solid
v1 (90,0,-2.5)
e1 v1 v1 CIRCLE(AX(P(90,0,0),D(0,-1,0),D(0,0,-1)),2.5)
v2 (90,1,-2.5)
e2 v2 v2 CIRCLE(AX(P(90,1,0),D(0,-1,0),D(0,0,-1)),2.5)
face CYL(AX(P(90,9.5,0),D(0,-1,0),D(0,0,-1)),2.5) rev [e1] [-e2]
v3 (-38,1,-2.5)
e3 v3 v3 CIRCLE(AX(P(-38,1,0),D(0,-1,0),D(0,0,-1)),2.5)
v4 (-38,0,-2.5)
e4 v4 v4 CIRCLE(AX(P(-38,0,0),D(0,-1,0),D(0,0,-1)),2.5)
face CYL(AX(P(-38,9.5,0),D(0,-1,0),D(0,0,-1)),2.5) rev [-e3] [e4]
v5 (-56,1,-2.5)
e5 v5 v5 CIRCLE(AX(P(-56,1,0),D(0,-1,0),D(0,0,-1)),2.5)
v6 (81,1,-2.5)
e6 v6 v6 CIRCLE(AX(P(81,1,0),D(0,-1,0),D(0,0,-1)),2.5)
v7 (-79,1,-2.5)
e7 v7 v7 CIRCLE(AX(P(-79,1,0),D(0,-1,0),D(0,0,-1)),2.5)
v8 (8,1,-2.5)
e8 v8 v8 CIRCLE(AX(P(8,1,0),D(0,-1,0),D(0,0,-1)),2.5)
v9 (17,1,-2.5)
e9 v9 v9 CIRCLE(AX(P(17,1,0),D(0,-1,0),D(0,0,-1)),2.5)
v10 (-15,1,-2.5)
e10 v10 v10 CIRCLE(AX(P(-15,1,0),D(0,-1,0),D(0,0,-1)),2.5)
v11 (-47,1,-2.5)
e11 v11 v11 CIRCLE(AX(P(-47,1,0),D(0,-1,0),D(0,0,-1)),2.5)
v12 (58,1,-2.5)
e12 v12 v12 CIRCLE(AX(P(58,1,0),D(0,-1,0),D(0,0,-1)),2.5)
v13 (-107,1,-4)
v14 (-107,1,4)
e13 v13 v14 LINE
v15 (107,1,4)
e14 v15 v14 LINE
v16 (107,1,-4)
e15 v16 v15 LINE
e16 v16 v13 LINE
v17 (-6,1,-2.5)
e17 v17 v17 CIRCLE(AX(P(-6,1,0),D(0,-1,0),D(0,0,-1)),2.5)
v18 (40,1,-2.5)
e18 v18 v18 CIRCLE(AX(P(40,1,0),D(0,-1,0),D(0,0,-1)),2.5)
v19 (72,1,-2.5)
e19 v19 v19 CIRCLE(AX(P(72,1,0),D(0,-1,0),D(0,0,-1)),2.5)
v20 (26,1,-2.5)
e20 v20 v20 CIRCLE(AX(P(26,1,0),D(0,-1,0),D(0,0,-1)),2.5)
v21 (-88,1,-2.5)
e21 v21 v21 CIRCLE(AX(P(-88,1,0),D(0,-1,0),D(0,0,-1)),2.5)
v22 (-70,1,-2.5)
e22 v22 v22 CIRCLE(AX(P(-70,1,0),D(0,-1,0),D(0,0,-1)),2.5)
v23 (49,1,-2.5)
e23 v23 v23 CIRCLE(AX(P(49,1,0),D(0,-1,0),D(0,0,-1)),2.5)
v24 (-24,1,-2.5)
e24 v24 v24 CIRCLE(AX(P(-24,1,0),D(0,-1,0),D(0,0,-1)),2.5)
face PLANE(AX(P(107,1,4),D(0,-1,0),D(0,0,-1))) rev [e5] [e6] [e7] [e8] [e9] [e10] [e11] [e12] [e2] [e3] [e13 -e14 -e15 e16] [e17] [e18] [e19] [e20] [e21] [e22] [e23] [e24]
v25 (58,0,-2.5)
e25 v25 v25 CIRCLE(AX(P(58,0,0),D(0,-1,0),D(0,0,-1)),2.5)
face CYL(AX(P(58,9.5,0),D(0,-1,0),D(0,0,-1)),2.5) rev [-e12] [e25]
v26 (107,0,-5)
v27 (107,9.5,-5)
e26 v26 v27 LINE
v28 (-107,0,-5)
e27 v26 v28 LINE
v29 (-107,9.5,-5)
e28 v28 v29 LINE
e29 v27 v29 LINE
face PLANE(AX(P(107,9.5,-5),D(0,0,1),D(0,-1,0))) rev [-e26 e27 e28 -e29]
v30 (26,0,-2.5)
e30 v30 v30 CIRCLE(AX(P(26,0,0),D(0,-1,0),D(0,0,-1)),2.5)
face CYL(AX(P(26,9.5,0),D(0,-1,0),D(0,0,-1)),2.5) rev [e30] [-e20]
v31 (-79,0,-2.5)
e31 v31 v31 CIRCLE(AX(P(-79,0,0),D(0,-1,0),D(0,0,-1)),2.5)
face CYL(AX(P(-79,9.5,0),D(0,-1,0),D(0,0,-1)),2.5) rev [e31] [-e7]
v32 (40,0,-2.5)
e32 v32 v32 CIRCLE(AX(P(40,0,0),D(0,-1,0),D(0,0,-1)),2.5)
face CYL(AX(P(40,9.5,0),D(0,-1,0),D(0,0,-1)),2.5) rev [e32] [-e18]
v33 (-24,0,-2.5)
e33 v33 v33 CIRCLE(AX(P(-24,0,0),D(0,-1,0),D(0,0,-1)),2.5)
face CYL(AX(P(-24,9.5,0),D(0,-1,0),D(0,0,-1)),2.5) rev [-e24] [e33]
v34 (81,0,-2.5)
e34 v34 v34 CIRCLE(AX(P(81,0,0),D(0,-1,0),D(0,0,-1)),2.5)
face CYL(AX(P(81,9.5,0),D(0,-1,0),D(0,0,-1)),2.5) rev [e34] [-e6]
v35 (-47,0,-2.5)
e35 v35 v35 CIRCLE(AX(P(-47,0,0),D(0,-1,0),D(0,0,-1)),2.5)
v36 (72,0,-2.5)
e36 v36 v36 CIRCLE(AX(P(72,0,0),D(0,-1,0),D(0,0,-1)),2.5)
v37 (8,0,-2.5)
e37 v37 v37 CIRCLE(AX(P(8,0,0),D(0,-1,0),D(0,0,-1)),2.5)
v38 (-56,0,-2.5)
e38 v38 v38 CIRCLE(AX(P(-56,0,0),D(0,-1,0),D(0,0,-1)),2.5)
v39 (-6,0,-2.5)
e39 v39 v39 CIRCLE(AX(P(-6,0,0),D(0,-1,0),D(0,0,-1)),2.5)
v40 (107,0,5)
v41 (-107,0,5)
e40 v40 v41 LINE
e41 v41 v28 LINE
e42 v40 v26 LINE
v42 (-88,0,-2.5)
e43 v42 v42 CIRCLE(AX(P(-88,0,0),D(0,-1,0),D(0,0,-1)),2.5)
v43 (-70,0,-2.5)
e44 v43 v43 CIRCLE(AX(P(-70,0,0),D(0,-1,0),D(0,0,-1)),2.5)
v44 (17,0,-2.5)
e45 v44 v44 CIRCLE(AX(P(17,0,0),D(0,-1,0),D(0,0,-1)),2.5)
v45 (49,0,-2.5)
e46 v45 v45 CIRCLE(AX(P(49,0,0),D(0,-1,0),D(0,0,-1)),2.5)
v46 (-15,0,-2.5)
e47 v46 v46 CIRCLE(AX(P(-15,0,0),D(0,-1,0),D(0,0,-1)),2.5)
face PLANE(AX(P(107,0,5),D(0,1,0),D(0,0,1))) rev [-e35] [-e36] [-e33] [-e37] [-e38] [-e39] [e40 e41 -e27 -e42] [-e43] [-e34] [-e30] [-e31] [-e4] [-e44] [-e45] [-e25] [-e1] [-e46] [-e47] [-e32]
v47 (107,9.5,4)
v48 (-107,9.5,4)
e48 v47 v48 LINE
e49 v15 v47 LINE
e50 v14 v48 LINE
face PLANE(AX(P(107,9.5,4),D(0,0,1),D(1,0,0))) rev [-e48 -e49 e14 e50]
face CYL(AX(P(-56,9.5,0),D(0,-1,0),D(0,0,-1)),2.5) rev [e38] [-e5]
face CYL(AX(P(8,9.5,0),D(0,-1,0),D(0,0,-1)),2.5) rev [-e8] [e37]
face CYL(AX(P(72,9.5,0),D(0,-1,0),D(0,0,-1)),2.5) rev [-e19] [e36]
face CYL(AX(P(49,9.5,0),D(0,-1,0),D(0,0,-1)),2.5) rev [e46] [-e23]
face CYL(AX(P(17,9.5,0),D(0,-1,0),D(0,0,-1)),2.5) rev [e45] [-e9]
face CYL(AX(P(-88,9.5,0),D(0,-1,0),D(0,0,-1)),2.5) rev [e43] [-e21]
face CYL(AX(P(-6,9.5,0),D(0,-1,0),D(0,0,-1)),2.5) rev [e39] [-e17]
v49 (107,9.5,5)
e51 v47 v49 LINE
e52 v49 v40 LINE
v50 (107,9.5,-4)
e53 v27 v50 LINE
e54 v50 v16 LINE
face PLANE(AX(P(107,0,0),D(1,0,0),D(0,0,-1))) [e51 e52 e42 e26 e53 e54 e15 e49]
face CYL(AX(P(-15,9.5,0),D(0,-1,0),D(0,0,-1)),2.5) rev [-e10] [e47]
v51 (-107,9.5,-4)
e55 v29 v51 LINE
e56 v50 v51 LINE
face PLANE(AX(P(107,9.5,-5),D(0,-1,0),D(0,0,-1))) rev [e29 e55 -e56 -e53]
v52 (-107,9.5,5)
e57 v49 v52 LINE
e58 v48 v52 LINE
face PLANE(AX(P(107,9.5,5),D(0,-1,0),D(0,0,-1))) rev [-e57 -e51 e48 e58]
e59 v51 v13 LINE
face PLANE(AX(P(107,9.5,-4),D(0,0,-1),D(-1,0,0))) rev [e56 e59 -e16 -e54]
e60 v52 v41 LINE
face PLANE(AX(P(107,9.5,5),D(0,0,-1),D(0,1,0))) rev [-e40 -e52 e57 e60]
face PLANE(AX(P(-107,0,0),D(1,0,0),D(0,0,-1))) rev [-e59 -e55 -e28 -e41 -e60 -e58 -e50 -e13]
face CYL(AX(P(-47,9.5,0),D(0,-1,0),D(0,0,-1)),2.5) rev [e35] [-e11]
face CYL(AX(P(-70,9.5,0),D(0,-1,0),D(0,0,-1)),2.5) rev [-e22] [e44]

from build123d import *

# Parameters (mm, degrees)
BOSS_EXTRU_1_DEPTH      = 107
ESQUISSE2_R             = 2.5
ENL_V_MAT_EXTRU_1_DEPTH = 108.537202865


with BuildPart() as part:
    # Esquisse1 → Boss.-Extru.1 (new, symmetric)
    with BuildSketch(Plane(origin=(0, 0, 0), x_dir=(0, 0, -1), z_dir=(1, 0, 0))):
        Polygon((-5, 9.5), (-4, 9.5), (-4, 1), (4, 1), (4, 9.5), (5, 9.5), (5, 0), (-5, 0), align=None)
    extrude(amount=BOSS_EXTRU_1_DEPTH, both=True)

    # Esquisse2 → Enlèv. mat.-Extru.1 (cut, through all)
    with BuildSketch(Plane.XZ):
        with Locations(Location((-88, 0, 0), (0, 0, 270))):
            Circle(ESQUISSE2_R)
        with Locations(Location((-79, 0, 0), (0, 0, 270))):
            Circle(ESQUISSE2_R)
        with Locations(Location((-70, 0, 0), (0, 0, 270))):
            Circle(ESQUISSE2_R)
        with Locations(Location((-56, 0, 0), (0, 0, 270))):
            Circle(ESQUISSE2_R)
        with Locations(Location((-47, 0, 0), (0, 0, 270))):
            Circle(ESQUISSE2_R)
        with Locations(Location((-38, 0, 0), (0, 0, 270))):
            Circle(ESQUISSE2_R)
        with Locations(Location((-24, 0, 0), (0, 0, 270))):
            Circle(ESQUISSE2_R)
        with Locations(Location((-15, 0, 0), (0, 0, 270))):
            Circle(ESQUISSE2_R)
        with Locations(Location((-6, 0, 0), (0, 0, 270))):
            Circle(ESQUISSE2_R)
        with Locations(Location((8, 0, 0), (0, 0, 270))):
            Circle(ESQUISSE2_R)
        with Locations(Location((17, 0, 0), (0, 0, 270))):
            Circle(ESQUISSE2_R)
        with Locations(Location((26, 0, 0), (0, 0, 270))):
            Circle(ESQUISSE2_R)
        with Locations(Location((40, 0, 0), (0, 0, 270))):
            Circle(ESQUISSE2_R)
        with Locations(Location((49, 0, 0), (0, 0, 270))):
            Circle(ESQUISSE2_R)
        with Locations(Location((58, 0, 0), (0, 0, 270))):
            Circle(ESQUISSE2_R)
        with Locations(Location((72, 0, 0), (0, 0, 270))):
            Circle(ESQUISSE2_R)
        with Locations(Location((81, 0, 0), (0, 0, 270))):
            Circle(ESQUISSE2_R)
        with Locations(Location((90, 0, 0), (0, 0, 270))):
            Circle(ESQUISSE2_R)
    extrude(amount=-ENL_V_MAT_EXTRU_1_DEPTH, mode=Mode.SUBTRACT)


solid = part.part
